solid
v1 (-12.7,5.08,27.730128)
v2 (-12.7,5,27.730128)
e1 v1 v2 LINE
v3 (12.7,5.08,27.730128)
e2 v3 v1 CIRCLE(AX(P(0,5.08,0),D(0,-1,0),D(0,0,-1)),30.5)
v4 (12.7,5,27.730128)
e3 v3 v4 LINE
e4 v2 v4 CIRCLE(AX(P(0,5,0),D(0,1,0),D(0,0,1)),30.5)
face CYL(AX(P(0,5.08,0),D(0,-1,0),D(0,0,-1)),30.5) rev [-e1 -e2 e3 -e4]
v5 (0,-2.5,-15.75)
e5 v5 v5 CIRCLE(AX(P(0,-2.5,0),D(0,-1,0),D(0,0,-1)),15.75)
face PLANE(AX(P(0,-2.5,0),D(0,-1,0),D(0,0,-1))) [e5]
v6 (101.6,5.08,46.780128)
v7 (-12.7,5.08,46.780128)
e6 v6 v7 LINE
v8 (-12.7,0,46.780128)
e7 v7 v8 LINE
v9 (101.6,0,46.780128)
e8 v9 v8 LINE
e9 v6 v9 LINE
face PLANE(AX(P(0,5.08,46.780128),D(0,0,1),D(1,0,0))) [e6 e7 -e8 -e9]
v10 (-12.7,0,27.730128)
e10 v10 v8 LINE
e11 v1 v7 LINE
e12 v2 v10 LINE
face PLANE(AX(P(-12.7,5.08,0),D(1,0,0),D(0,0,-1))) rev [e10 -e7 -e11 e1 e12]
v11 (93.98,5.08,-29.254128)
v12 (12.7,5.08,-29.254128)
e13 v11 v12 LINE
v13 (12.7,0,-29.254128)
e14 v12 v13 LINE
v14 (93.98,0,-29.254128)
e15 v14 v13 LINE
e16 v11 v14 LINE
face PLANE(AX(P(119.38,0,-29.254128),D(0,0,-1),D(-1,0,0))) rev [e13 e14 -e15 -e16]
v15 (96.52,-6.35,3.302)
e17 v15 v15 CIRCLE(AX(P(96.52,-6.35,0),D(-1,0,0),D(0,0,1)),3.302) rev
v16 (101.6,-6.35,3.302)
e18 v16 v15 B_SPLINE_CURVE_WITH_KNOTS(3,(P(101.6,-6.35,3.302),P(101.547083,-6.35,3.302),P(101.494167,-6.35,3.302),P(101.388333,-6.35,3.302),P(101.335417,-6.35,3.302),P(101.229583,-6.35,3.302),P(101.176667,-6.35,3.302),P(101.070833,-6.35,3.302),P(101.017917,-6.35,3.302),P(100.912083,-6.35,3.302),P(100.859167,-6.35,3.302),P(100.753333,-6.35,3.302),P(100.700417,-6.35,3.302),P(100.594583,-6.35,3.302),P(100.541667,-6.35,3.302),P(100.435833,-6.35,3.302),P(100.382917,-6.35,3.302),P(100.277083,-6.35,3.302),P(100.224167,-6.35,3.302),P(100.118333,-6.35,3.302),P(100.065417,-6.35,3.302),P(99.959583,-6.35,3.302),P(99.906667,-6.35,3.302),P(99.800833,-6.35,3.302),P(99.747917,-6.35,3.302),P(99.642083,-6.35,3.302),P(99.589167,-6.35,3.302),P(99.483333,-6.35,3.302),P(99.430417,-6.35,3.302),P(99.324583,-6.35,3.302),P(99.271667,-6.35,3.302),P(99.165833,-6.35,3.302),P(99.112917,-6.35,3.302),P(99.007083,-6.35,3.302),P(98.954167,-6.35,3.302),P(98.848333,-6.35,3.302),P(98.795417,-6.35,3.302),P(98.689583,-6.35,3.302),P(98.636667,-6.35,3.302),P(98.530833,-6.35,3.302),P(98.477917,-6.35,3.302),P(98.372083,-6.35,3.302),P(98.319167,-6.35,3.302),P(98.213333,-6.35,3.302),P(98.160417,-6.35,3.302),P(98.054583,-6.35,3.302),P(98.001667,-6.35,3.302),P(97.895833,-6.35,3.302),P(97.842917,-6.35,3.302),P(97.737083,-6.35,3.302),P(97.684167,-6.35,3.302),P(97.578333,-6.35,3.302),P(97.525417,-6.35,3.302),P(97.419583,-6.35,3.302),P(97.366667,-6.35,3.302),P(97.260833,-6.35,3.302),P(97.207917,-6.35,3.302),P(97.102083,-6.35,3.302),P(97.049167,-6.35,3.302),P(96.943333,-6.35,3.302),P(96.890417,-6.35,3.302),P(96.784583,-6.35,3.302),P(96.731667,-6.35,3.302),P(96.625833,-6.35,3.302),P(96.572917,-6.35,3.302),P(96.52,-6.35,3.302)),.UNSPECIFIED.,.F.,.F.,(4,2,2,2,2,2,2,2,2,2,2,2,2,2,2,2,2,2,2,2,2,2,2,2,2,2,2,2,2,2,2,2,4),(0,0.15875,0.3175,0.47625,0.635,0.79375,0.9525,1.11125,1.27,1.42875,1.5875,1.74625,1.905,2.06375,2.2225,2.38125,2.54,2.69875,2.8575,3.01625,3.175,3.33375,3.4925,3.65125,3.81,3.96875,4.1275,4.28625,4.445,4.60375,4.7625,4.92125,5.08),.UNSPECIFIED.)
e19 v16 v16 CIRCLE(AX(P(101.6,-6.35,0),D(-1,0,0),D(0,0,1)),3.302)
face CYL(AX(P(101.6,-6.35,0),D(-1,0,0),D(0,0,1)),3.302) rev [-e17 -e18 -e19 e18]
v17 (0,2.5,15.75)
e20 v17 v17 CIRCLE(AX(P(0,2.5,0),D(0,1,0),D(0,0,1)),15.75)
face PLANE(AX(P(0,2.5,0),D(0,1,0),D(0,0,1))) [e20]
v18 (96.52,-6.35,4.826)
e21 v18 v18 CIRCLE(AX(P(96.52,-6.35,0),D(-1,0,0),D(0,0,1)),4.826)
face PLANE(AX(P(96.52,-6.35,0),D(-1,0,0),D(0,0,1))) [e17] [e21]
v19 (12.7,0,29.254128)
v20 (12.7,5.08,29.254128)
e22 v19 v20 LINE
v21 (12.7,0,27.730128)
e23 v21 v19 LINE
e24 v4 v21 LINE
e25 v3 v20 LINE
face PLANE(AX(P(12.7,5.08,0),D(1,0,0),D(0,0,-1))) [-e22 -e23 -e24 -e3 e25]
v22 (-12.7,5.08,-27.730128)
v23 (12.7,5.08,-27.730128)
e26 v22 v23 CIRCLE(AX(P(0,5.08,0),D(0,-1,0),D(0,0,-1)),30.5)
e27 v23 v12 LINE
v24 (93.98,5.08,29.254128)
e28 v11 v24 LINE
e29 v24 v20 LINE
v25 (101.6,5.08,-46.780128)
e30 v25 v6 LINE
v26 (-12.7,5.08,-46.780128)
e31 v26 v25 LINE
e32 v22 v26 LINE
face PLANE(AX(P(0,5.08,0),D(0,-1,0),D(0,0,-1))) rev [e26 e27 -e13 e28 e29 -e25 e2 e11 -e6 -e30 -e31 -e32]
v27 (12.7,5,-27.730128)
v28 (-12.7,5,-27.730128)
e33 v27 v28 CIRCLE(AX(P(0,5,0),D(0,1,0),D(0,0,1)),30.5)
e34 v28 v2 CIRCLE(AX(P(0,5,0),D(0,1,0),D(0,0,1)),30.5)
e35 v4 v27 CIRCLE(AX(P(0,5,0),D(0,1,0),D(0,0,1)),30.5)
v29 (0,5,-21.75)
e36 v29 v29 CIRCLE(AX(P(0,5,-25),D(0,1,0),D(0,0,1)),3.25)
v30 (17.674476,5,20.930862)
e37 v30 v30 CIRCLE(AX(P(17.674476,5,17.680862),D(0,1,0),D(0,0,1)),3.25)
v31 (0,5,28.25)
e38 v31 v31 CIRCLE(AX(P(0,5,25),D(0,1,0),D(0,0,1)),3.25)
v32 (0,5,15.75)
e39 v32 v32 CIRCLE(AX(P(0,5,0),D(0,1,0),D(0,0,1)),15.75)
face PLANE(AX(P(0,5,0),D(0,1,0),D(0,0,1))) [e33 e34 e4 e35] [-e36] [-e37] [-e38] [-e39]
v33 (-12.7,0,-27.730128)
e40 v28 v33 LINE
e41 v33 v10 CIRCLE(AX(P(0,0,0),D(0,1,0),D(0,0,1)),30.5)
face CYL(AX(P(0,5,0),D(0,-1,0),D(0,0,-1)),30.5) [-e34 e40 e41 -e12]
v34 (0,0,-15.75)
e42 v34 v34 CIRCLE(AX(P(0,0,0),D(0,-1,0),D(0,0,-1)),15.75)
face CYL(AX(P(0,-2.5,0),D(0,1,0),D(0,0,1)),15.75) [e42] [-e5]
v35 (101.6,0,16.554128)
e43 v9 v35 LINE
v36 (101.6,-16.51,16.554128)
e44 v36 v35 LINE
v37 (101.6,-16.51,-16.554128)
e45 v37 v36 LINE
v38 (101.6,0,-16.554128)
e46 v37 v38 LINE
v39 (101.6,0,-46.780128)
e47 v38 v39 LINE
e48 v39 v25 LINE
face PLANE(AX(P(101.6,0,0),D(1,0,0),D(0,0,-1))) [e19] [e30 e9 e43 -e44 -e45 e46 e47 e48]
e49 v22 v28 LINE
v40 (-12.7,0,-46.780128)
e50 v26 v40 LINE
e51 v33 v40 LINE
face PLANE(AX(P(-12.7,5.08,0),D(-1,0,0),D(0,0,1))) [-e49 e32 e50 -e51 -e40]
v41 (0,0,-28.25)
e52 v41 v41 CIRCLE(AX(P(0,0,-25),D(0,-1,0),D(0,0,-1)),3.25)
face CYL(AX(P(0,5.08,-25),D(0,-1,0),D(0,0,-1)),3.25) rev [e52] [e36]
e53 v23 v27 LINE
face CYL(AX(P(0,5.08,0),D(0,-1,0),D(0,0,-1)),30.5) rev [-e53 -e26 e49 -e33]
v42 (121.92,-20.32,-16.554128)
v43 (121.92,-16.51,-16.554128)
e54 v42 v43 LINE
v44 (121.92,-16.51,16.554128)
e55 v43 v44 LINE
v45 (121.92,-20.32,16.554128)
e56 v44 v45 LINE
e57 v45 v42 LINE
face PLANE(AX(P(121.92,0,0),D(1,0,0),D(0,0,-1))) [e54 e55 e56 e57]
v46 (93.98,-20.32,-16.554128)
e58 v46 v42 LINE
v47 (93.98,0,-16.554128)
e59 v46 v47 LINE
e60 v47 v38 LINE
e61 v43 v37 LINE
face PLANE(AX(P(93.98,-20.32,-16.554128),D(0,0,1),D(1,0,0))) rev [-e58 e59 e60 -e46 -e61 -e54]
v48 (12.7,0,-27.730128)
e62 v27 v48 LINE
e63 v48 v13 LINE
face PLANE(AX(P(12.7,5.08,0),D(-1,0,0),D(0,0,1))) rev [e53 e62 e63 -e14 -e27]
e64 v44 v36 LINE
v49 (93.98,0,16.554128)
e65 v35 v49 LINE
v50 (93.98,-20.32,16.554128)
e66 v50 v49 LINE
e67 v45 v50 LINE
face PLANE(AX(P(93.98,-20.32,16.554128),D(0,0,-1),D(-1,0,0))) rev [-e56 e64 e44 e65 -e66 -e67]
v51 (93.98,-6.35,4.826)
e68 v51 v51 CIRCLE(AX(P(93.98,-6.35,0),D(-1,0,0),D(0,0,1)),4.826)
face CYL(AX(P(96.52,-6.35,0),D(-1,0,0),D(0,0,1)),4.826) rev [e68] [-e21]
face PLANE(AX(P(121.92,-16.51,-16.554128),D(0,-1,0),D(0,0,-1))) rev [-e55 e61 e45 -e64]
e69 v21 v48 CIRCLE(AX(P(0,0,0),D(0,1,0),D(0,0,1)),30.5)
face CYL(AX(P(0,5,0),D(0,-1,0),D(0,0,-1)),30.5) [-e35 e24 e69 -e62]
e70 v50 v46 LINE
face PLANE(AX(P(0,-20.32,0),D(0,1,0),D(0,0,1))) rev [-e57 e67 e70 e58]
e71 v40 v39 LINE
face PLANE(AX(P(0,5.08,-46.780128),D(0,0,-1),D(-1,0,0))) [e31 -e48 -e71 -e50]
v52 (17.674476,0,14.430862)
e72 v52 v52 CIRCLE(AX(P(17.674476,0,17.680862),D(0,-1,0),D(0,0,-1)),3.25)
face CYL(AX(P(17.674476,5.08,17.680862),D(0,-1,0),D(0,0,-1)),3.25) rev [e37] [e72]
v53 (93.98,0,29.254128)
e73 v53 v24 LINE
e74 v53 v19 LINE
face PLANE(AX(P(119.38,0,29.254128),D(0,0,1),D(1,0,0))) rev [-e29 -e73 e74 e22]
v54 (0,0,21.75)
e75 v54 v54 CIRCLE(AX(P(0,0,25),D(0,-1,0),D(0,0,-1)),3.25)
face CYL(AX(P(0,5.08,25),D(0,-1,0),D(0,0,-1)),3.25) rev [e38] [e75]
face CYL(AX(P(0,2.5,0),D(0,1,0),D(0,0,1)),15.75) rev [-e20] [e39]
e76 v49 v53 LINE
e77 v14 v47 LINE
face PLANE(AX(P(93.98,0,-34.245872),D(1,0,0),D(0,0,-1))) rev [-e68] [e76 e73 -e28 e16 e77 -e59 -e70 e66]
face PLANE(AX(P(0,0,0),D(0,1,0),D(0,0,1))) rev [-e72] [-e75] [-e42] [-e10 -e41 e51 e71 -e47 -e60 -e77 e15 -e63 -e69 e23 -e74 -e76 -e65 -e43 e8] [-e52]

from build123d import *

# Parameters (mm, degrees)
SKETCH1_R            = 30.5
BOSS_EXTRUDE1_DEPTH  = 5
SKETCH2_R            = 15.75
CUT_EXTRUDE1_DEPTH   = 2.5
SKETCH3_R            = 15.75
BOSS_EXTRUDE2_DEPTH  = 2.5
SKETCH4_R            = 3.25
CUT_EXTRUDE2_DEPTH   = 5.08
SKETCH5_R            = 3.25
CUT_EXTRUDE3_DEPTH   = 5.08
SKETCH6_R            = 3.25
CUT_EXTRUDE4_DEPTH   = 5.08
BOSS_EXTRUDE3_DEPTH  = 5.08
BOSS_EXTRUDE4_DEPTH  = 5.08
SKETCH9_W            = 17.526
SKETCH9_H            = 5.08
BOSS_EXTRUDE5_DEPTH  = 106.68
SKETCH10_W           = 17.526
SKETCH10_H           = 5.08
BOSS_EXTRUDE6_DEPTH  = 106.68
SKETCH11_W           = 25.4
SKETCH11_H           = 5.08
BOSS_EXTRUDE8_DEPTH  = 63.5
SKETCH14_W           = 93.56025604
SKETCH14_H           = 5.08
CUT_EXTRUDE6_DEPTH   = 17.78
SKETCH15_W           = 7.62
SKETCH15_H           = 33.10825604
BOSS_EXTRUDE10_DEPTH = 20.32
SKETCH16_W           = 33.10825604
SKETCH16_H           = 3.81
BOSS_EXTRUDE11_DEPTH = 20.32
CUT_EXTRUDE7_DEPTH   = 7.62
SKETCH18_R           = 4.826
CUT_EXTRUDE8_DEPTH   = 2.54


with BuildPart() as part:
    # Sketch1 → Boss-Extrude1 (new body)
    with BuildSketch(Plane(origin=(0, 0, 0), x_dir=(1, 0, 0), z_dir=(0, 1, 0))):
        with Locations(Location((0, 0, 0), (0, 0, 270))):
            Circle(SKETCH1_R)
    extrude(amount=BOSS_EXTRUDE1_DEPTH)

    # Sketch2 → Cut-Extrude1 (cut)
    with BuildSketch(Plane(origin=(0, 5, 0), x_dir=(1, 0, 0), z_dir=(0, 1, 0))):
        with Locations(Location((0, 0, 0), (0, 0, 270))):
            Circle(SKETCH2_R)
    extrude(amount=-CUT_EXTRUDE1_DEPTH, mode=Mode.SUBTRACT)

    # Sketch3 → Boss-Extrude2 (add)
    with BuildSketch(Plane.XZ):
        with Locations(Location((0, 0, 0), (0, 0, 90))):
            Circle(SKETCH3_R)
    extrude(amount=BOSS_EXTRUDE2_DEPTH)

    # Sketch4 → Cut-Extrude2 (cut)
    with BuildSketch(Plane(origin=(0, 0, 0), x_dir=(-1, 0, 0), z_dir=(0, -1, 0))):
        with Locations(Location((0, 25, 0), (0, 0, 90))):
            Circle(SKETCH4_R)
    extrude(amount=-CUT_EXTRUDE2_DEPTH, mode=Mode.SUBTRACT)

    # Sketch5 → Cut-Extrude3 (cut)
    with BuildSketch(Plane.XZ):
        with Locations(Location((0, 25, 0), (0, 0, 270))):
            Circle(SKETCH5_R)
    extrude(amount=-CUT_EXTRUDE3_DEPTH, mode=Mode.SUBTRACT)

    # Sketch6 → Cut-Extrude4 (cut)
    with BuildSketch(Plane.XZ):
        with Locations(Location((17.674476483, 17.680862, 0), (0, 0, 270))):
            Circle(SKETCH6_R)
    extrude(amount=-CUT_EXTRUDE4_DEPTH, mode=Mode.SUBTRACT)

    # Sketch7 → Boss-Extrude3 (add)
    with BuildSketch(Plane(origin=(0, 0, 0), x_dir=(-1, 0, 0), z_dir=(0, -1, 0))):
        with BuildLine():
            ThreePointArc((12.7, -27.73012802), (6.499272859, -29.79948745), (0, -30.5))
            ThreePointArc((0, -30.5), (-6.499272859, -29.79948745), (-12.7, -27.73012802))
            Line((-12.7, -27.73012802), (-12.7, -46.78012802))
            Line((-12.7, -46.78012802), (12.7, -46.78012802))
            Line((12.7, -46.78012802), (12.7, -27.73012802))
        make_face()
    extrude(amount=-BOSS_EXTRUDE3_DEPTH)

    # Sketch8 → Boss-Extrude4 (add)
    with BuildSketch(Plane.XZ):
        with BuildLine():
            ThreePointArc((0, -30.5), (-6.499272859, -29.79948745), (-12.7, -27.73012802))
            Line((-12.7, -27.73012802), (-12.7, -46.78012802))
            Line((-12.7, -46.78012802), (12.7, -46.78012802))
            Line((12.7, -46.78012802), (12.7, -27.73012802))
            ThreePointArc((12.7, -27.73012802), (6.499272859, -29.79948745), (0, -30.5))
        make_face()
    extrude(amount=-BOSS_EXTRUDE4_DEPTH)

    # Sketch9 → Boss-Extrude5 (add)
    with BuildSketch(Plane(origin=(12.7, 0, 0), x_dir=(0, 0, -1), z_dir=(1, 0, 0))):
        with Locations((38.01712802, 2.54)):
            Rectangle(SKETCH9_W, SKETCH9_H)
    extrude(amount=BOSS_EXTRUDE5_DEPTH)

    # Sketch10 → Boss-Extrude6 (add)
    with BuildSketch(Plane(origin=(12.7, 0, 0), x_dir=(0, 0, -1), z_dir=(1, 0, 0))):
        with Locations((-38.01712802, 2.54)):
            Rectangle(SKETCH10_W, SKETCH10_H)
    extrude(amount=BOSS_EXTRUDE6_DEPTH)

    # Sketch11 → Boss-Extrude8 (add)
    with BuildSketch(Plane(origin=(0, 0, 29.25412802), x_dir=(-1, 0, 0), z_dir=(0, 0, -1))):
        with Locations((-106.68, 2.54)):
            Rectangle(SKETCH11_W, SKETCH11_H)
    extrude(amount=BOSS_EXTRUDE8_DEPTH)

    # Sketch14 → Cut-Extrude6 (cut)
    with BuildSketch(Plane(origin=(119.38, 0, 0), x_dir=(0, 0, -1), z_dir=(1, 0, 0))):
        with Locations((0, 2.54)):
            Rectangle(SKETCH14_W, SKETCH14_H)
    extrude(amount=-CUT_EXTRUDE6_DEPTH, mode=Mode.SUBTRACT)

    # Sketch15 → Boss-Extrude10 (add)
    with BuildSketch(Plane.XZ):
        with Locations((97.79, 0)):
            Rectangle(SKETCH15_W, SKETCH15_H)
    extrude(amount=BOSS_EXTRUDE10_DEPTH)

    # Sketch16 → Boss-Extrude11 (add)
    with BuildSketch(Plane(origin=(101.6, 0, 0), x_dir=(0, 0, -1), z_dir=(1, 0, 0))):
        with Locations((0, -18.415)):
            Rectangle(SKETCH16_W, SKETCH16_H)
    extrude(amount=BOSS_EXTRUDE11_DEPTH)

    # Sketch17 → Cut-Extrude7 (cut)
    with BuildSketch(Plane.ZY.offset(-93.98)):
        with BuildLine():
            ThreePointArc((0, -3.048), (-3.302, -6.35), (0, -9.652))
            Line((0, -9.652), (0, -3.048))
        make_face()
        with BuildLine():
            Line((0, -3.048), (0, -9.652))
            ThreePointArc((0, -9.652), (2.334866591, -8.684866591), (3.302, -6.35))
            ThreePointArc((3.302, -6.35), (2.334866591, -4.015133409), (0, -3.048))
        make_face()
    extrude(amount=-CUT_EXTRUDE7_DEPTH, mode=Mode.SUBTRACT)

    # Sketch18 → Cut-Extrude8 (cut)
    with BuildSketch(Plane.ZY.offset(-93.98)):
        with Locations((0, -6.35)):
            Circle(SKETCH18_R)
    extrude(amount=-CUT_EXTRUDE8_DEPTH, mode=Mode.SUBTRACT)


solid = part.part
